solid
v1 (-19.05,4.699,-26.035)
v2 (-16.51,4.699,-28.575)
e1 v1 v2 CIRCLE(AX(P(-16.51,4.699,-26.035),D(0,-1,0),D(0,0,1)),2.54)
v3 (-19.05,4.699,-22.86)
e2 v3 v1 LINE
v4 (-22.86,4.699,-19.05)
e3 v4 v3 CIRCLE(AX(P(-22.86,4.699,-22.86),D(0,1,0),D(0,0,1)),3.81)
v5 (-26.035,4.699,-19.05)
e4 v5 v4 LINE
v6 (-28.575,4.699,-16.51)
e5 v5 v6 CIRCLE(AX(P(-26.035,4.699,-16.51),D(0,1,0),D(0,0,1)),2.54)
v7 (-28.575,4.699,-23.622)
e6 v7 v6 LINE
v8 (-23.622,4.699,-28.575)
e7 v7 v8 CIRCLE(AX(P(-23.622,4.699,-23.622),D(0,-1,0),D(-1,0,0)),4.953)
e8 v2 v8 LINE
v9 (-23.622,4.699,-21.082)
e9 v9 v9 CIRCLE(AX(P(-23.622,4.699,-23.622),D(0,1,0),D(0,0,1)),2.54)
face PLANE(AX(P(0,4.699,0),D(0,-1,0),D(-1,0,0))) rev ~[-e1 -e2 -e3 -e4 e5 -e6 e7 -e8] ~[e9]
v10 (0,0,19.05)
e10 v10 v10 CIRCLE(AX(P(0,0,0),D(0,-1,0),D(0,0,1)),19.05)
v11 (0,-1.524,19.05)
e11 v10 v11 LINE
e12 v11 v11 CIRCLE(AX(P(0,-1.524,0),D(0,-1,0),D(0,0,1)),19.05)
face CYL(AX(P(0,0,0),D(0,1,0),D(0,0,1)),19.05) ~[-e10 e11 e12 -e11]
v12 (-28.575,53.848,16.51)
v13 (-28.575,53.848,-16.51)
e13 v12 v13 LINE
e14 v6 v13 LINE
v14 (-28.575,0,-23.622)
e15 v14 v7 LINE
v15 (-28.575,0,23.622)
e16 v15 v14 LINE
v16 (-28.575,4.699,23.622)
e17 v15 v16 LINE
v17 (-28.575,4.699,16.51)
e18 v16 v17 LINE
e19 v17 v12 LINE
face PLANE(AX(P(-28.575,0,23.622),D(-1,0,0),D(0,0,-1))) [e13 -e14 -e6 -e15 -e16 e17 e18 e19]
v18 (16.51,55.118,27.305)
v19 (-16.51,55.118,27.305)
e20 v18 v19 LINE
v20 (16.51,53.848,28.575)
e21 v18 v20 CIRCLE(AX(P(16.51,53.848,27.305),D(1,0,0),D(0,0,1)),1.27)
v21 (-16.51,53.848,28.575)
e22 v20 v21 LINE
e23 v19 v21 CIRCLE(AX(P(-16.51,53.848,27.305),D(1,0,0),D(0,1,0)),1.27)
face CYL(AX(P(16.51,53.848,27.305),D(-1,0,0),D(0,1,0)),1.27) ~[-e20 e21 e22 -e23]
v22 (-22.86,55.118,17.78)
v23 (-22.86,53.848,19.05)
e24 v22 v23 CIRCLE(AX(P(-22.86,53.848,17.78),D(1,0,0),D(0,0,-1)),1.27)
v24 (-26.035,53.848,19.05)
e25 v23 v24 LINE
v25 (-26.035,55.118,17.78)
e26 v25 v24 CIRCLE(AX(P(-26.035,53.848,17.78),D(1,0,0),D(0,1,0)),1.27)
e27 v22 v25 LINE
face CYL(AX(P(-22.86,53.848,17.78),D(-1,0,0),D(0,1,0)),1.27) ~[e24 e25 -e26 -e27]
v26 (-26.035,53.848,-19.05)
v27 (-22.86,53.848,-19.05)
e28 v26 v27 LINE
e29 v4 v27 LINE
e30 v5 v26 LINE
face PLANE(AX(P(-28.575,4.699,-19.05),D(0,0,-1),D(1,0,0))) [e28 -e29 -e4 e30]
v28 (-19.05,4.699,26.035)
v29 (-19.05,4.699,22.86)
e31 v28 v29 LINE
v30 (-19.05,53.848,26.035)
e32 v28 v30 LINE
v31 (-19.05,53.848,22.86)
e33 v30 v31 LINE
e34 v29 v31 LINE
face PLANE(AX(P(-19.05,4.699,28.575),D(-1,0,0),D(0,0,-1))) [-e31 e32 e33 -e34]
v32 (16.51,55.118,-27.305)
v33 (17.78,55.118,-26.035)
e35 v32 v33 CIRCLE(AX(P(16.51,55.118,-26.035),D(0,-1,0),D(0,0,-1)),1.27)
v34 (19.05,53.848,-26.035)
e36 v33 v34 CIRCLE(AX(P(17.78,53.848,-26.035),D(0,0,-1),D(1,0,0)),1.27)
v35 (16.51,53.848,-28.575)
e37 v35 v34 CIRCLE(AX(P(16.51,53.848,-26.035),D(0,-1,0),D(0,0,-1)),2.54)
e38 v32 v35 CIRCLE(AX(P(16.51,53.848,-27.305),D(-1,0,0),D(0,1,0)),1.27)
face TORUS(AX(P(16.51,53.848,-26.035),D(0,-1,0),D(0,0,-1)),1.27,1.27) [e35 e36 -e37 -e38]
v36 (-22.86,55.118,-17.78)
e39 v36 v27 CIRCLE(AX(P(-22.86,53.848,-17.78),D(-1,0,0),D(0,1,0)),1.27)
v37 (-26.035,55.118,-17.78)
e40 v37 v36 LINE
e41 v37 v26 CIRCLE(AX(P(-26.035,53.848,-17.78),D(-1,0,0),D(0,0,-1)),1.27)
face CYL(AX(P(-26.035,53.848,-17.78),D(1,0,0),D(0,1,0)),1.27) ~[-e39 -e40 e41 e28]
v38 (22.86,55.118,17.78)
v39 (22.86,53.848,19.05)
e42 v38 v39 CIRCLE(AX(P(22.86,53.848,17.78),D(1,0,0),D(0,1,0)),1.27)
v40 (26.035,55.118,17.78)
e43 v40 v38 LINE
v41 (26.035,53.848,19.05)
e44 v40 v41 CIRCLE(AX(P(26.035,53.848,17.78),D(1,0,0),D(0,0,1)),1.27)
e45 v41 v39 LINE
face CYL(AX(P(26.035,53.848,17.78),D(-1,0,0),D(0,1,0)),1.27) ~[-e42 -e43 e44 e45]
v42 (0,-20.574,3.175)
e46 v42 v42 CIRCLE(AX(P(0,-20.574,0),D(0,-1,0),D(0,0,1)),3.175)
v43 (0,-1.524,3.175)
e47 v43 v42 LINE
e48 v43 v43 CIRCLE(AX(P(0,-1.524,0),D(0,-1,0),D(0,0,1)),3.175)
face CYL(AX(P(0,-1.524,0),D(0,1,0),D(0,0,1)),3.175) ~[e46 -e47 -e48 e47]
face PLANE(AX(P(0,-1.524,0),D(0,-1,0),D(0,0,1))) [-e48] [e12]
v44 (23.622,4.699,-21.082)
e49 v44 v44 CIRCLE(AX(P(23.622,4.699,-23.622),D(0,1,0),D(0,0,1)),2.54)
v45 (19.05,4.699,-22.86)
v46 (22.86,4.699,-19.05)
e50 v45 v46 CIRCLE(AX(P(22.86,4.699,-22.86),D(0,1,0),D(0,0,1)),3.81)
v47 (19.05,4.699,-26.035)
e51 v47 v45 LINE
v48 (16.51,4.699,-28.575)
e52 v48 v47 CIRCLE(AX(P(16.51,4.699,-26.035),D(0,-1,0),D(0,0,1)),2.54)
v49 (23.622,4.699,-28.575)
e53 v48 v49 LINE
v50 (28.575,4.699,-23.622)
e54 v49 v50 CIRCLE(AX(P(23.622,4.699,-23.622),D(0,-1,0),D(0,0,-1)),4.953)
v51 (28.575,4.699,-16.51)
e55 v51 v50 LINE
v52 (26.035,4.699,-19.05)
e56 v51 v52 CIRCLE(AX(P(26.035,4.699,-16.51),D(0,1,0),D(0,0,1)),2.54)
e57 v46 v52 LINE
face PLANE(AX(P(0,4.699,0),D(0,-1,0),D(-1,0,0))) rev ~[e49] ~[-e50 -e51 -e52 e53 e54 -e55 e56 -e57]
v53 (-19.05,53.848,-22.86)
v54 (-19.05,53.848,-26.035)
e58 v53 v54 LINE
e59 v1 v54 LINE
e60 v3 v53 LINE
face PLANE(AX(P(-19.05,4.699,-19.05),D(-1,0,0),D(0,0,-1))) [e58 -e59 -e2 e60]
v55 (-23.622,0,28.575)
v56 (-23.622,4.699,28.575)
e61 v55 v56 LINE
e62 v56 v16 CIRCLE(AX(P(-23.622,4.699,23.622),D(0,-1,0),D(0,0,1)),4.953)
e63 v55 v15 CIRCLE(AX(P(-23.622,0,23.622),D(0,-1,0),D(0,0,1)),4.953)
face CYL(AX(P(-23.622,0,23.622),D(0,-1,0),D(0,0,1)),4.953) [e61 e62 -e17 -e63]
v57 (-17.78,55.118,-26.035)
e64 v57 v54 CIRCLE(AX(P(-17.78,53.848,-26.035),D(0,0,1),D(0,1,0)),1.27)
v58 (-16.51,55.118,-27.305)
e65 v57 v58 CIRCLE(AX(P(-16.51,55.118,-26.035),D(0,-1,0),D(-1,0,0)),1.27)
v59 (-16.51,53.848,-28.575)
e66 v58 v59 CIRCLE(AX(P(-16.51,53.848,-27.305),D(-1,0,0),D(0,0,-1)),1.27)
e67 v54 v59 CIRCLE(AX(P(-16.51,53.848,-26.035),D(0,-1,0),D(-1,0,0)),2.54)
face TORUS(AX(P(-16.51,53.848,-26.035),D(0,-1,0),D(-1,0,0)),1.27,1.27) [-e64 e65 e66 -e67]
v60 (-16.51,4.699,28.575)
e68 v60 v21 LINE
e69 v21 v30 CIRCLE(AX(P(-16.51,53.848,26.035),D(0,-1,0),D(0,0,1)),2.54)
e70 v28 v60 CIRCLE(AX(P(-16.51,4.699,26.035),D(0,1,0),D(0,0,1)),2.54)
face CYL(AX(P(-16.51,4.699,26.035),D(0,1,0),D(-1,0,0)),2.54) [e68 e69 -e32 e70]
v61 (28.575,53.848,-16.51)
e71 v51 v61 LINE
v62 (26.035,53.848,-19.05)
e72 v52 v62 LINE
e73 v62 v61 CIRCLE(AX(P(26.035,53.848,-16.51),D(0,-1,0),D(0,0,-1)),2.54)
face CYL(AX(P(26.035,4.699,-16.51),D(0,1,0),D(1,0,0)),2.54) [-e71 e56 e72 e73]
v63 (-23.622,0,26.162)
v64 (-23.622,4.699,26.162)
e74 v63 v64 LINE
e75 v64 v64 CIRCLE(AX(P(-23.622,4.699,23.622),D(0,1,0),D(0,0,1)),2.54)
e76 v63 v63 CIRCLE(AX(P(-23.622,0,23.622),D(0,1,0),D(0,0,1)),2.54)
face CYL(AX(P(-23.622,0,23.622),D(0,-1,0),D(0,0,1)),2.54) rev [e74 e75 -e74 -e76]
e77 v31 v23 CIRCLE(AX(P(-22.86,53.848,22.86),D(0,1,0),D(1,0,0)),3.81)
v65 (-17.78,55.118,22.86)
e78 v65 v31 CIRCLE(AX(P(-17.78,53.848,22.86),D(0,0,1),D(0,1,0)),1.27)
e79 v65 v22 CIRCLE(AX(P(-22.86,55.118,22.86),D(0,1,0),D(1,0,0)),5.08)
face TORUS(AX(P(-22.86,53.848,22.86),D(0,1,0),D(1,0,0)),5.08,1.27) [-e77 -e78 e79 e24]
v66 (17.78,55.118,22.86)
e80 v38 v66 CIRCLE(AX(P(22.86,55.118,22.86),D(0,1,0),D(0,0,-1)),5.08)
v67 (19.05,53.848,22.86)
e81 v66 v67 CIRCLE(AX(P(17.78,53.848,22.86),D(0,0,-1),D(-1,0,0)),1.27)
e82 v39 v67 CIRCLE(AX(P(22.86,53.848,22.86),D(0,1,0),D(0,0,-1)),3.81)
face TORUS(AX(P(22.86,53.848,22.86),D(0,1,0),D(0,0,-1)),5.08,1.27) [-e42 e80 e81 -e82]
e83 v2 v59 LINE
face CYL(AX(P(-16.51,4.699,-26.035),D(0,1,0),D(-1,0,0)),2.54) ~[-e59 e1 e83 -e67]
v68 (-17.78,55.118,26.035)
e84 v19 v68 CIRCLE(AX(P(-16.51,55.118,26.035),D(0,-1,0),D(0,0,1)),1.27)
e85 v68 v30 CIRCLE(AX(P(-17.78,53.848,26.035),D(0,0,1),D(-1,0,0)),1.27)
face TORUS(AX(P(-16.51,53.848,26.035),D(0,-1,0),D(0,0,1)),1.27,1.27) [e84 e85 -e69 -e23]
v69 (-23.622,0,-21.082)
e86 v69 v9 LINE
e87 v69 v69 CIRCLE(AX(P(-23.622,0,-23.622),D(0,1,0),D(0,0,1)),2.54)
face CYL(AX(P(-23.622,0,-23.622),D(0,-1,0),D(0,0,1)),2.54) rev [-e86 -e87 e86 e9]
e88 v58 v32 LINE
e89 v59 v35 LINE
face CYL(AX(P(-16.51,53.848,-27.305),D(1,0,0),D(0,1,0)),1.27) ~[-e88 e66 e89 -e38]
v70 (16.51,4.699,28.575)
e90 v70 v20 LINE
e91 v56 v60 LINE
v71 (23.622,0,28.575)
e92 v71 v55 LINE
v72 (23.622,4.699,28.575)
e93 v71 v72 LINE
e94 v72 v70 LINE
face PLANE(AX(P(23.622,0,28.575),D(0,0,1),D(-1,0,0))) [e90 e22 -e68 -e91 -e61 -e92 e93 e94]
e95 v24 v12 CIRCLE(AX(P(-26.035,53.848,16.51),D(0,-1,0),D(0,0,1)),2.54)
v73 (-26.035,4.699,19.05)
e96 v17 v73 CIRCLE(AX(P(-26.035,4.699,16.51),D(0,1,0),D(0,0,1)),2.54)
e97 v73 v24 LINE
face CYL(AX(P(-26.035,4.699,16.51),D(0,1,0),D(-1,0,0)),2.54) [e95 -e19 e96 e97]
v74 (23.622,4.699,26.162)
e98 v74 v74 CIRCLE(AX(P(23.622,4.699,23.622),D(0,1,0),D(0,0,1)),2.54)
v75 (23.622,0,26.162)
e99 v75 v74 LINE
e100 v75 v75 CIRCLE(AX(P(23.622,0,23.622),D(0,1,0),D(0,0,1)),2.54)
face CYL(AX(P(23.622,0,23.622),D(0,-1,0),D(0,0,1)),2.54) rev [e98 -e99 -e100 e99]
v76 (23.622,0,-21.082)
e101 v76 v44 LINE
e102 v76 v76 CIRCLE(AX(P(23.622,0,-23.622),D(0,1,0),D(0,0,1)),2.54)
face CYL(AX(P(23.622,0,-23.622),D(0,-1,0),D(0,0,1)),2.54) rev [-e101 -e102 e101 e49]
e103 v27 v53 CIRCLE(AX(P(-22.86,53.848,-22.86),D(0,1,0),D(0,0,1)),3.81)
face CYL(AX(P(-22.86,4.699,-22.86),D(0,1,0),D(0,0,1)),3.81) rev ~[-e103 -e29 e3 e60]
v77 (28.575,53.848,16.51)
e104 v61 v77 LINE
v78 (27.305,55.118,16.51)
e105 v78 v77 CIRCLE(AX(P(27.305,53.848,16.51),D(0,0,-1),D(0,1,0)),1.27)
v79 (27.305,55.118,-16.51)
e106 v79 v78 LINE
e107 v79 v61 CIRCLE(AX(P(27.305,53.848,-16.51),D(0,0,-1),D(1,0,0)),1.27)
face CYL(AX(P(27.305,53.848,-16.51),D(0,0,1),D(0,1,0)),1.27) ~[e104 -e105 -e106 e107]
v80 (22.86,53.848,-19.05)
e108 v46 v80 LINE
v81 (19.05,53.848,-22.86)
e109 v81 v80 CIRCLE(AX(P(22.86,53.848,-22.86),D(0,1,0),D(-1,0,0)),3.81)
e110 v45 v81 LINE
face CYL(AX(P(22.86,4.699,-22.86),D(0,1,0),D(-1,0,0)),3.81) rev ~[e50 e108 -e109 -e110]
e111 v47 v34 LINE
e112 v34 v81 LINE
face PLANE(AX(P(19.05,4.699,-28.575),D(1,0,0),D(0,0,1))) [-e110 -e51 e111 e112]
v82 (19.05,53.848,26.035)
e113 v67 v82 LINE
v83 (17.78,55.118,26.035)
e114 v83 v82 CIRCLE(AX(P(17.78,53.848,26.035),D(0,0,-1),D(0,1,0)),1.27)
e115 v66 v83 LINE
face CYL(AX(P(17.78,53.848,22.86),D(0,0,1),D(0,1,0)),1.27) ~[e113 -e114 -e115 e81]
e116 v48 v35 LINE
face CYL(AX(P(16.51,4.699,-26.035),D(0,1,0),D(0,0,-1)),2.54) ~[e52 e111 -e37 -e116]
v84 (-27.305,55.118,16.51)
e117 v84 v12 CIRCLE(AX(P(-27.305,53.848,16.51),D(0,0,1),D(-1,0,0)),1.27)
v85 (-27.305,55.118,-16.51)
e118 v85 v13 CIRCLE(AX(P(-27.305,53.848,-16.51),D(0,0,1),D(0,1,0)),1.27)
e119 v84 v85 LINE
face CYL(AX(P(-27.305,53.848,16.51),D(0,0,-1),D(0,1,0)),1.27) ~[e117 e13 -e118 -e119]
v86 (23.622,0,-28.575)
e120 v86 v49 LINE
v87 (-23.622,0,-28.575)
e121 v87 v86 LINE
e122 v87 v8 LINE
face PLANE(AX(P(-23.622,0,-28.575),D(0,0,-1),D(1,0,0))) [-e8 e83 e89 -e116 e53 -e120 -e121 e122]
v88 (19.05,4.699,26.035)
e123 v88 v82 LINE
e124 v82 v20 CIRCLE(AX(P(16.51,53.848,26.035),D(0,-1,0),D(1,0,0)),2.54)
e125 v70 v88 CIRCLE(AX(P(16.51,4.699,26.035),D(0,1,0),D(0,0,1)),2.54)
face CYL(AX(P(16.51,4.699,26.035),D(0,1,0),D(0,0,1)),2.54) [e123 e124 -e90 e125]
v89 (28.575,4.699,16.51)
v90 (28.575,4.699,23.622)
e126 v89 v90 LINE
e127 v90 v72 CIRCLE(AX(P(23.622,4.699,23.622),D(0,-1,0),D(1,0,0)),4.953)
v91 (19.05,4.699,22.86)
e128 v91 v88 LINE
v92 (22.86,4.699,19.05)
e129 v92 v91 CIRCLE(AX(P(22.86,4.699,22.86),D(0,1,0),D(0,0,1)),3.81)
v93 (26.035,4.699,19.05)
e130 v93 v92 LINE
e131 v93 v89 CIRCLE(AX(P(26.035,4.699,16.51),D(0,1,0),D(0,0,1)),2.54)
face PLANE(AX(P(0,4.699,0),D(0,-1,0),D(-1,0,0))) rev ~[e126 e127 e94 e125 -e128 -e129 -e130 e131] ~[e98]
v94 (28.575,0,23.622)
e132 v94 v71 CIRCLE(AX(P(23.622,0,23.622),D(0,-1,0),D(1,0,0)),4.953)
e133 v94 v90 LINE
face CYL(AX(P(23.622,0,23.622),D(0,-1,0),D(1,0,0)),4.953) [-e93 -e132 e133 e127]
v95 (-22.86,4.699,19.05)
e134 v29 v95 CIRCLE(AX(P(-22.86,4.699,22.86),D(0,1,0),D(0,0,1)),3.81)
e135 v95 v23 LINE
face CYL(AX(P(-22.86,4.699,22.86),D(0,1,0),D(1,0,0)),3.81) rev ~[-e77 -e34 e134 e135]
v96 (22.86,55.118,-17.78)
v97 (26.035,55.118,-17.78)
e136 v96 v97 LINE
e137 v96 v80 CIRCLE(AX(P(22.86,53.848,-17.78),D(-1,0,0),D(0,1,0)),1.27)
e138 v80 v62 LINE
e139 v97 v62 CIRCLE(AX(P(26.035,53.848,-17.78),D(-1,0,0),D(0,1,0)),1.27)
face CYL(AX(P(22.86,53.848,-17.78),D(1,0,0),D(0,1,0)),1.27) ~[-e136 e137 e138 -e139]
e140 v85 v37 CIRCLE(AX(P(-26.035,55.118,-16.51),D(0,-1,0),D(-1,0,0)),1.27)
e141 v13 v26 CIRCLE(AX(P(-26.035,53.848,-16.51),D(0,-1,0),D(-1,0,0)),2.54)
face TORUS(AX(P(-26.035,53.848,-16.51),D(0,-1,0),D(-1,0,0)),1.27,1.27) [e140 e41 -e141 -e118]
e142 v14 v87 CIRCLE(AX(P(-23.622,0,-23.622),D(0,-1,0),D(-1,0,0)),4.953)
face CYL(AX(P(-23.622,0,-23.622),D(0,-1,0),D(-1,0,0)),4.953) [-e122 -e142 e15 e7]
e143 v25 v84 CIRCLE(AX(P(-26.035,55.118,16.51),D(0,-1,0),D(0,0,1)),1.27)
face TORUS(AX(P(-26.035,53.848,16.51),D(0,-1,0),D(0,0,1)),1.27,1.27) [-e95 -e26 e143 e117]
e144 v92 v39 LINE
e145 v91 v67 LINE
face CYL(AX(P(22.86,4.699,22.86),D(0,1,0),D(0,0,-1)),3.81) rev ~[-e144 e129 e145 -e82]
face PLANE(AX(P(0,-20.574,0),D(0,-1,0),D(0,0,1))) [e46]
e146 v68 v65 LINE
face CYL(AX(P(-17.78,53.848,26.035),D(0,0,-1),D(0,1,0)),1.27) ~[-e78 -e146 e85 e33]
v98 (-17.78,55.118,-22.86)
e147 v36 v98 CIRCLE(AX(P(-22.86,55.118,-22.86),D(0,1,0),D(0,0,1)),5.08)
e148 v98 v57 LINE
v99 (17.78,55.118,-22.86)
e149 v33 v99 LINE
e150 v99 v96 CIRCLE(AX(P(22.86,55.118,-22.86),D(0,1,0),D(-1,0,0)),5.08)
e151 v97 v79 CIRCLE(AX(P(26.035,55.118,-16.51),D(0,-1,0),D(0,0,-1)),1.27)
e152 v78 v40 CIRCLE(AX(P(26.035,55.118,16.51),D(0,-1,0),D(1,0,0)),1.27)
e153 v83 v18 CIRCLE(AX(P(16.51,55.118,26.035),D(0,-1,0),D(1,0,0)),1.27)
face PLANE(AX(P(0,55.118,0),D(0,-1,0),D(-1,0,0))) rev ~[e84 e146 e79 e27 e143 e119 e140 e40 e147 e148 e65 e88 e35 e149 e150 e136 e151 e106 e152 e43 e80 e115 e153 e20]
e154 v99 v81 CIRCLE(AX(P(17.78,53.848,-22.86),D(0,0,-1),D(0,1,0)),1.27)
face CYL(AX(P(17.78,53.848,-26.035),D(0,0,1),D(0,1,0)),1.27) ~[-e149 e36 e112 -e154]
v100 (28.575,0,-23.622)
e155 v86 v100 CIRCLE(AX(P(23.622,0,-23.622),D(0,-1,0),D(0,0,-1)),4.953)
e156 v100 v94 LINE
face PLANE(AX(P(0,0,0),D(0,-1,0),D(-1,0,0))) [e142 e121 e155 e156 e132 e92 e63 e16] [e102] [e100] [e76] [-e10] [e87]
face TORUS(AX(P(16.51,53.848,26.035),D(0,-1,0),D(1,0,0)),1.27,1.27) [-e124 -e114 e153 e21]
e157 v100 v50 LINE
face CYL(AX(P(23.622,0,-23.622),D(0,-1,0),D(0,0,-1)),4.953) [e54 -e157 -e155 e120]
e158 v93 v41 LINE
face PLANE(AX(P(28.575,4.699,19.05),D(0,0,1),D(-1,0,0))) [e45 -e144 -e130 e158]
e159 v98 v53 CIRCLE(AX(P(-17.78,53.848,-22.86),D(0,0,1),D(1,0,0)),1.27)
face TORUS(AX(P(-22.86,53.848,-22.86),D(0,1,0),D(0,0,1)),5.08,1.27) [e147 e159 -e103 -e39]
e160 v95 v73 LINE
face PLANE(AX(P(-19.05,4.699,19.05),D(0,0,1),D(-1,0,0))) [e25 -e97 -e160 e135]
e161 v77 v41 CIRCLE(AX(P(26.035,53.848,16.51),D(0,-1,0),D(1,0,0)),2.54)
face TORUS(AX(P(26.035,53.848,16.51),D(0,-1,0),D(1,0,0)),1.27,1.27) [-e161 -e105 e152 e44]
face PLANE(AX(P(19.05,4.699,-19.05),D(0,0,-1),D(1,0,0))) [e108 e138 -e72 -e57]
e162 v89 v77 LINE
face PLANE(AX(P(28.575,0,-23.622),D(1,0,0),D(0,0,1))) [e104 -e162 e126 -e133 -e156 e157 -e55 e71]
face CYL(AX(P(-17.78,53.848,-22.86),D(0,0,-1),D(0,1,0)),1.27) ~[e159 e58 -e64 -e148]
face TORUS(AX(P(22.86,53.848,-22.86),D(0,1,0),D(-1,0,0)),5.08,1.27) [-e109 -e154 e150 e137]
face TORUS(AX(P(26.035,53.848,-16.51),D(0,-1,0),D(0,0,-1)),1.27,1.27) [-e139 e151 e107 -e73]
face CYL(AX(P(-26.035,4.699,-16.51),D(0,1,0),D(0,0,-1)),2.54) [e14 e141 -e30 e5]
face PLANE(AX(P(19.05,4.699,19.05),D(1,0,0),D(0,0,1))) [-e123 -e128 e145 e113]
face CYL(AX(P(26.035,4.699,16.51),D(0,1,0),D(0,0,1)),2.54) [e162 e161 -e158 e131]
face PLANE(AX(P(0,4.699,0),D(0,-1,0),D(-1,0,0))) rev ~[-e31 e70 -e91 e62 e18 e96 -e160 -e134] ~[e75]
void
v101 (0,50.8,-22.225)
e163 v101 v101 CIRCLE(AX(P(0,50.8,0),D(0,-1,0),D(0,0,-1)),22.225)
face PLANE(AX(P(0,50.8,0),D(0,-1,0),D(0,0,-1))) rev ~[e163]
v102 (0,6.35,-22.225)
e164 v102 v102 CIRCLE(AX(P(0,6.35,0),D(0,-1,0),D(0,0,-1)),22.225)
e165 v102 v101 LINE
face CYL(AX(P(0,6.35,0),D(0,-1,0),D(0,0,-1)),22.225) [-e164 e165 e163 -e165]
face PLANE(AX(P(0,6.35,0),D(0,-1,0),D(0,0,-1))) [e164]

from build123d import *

# Parameters (mm, degrees)
SKETCH1_R           = 2.54
BOSS_EXTRUDE1_DEPTH = 4.699
BOSS_EXTRUDE2_DEPTH = 50.419
FILLET1_R           = 3.81
FILLET2_R           = 2.54
FILLET3_R           = 1.27
SKETCH3_R           = 19.05
BOSS_EXTRUDE3_DEPTH = 1.524
CUT_EXTRUDE1_START  = -6.35
SKETCH5_R           = 22.225
CUT_EXTRUDE1_DEPTH  = 44.45
SKETCH4_R           = 3.175
BOSS_EXTRUDE4_DEPTH = 19.05


with BuildPart() as part:
    # Sketch1 → Boss-Extrude1 (new body)
    with BuildSketch(Plane(origin=(0, 0, 0), x_dir=(1, 0, 0), z_dir=(0, 1, 0))):
        with BuildLine():
            Line((-23.622, 28.575), (23.622, 28.575))
            ThreePointArc((23.622, 28.575), (27.124299887, 27.124299887), (28.575, 23.622))
            Line((28.575, 23.622), (28.575, -23.622))
            ThreePointArc((28.575, -23.622), (27.124299887, -27.124299887), (23.622, -28.575))
            Line((23.622, -28.575), (-23.622, -28.575))
            ThreePointArc((-23.622, -28.575), (-27.124299887, -27.124299887), (-28.575, -23.622))
            Line((-28.575, -23.622), (-28.575, 23.622))
            ThreePointArc((-28.575, 23.622), (-27.124299887, 27.124299887), (-23.622, 28.575))
        make_face()
        with Locations(Location((-23.622, 23.622, 0), (0, 0, 270))):
            Circle(SKETCH1_R, mode=Mode.SUBTRACT)
        with Locations(Location((23.622, 23.622, 0), (0, 0, 270))):
            Circle(SKETCH1_R, mode=Mode.SUBTRACT)
        with Locations(Location((23.622, -23.622, 0), (0, 0, 270))):
            Circle(SKETCH1_R, mode=Mode.SUBTRACT)
        with Locations(Location((-23.622, -23.622, 0), (0, 0, 270))):
            Circle(SKETCH1_R, mode=Mode.SUBTRACT)
    extrude(amount=BOSS_EXTRUDE1_DEPTH)

    # Sketch2 → Boss-Extrude2 (add)
    with BuildSketch(Plane(origin=(0, 4.699, 0), x_dir=(1, 0, 0), z_dir=(0, 1, 0))):
        Polygon((-19.05, -28.575), (-19.05, -19.05), (-28.575, -19.05), (-28.575, 19.05), (-19.05, 19.05), (-19.05, 28.575), (19.05, 28.575), (19.05, 19.05), (28.575, 19.05), (28.575, -19.05), (19.05, -19.05), (19.05, -28.575), align=None)
    extrude(amount=BOSS_EXTRUDE2_DEPTH)

    # Fillet1
    fillet1_edges = [part.edges().sort_by_distance(p)[0] for p in [
        (-19.05, 29.9085, 19.05),
        (-19.05, 29.9085, -19.05),
        (19.05, 29.9085, -19.05),
        (19.05, 29.9085, 19.05),
    ]]
    fillet(fillet1_edges, radius=FILLET1_R)

    # Fillet2
    fillet2_edges = [part.edges().sort_by_distance(p)[0] for p in [
        (28.575, 29.9085, -19.05),
        (19.05, 29.9085, -28.575),
        (28.575, 29.9085, 19.05),
        (-19.05, 29.9085, -28.575),
        (-28.575, 29.9085, -19.05),
        (-19.05, 29.9085, 28.575),
        (-28.575, 29.9085, 19.05),
        (19.05, 29.9085, 28.575),
    ]]
    fillet(fillet2_edges, radius=FILLET2_R)

    # Fillet3
    fillet3_edges = [part.edges().sort_by_distance(p)[0] for p in [
        (24.4475, 55.118, -19.05),
        (28.575, 55.118, 0),
        (0, 55.118, 28.575),
        (19.05, 55.118, 24.4475),
        (0, 55.118, -28.575),
        (-19.05, 55.118, -24.4475),
        (-28.575, 55.118, 0),
        (-24.4475, 55.118, 19.05),
        (18.306051224, 55.118, 27.831051224),
        (-27.831051224, 55.118, 18.306051224),
        (-18.306051224, 55.118, 27.831051224),
        (-27.831051224, 55.118, -18.306051224),
        (-18.306051224, 55.118, -27.831051224),
        (27.831051224, 55.118, 18.306051224),
        (18.306051224, 55.118, -27.831051224),
        (27.831051224, 55.118, -18.306051224),
        (-19.05, 55.118, 24.4475),
        (-24.4475, 55.118, -19.05),
        (19.05, 55.118, -24.4475),
        (24.4475, 55.118, 19.05),
        (-20.165923164, 55.118, 20.165923164),
        (-20.165923164, 55.118, -20.165923164),
        (20.165923164, 55.118, -20.165923164),
        (20.165923164, 55.118, 20.165923164),
    ]]
    fillet(fillet3_edges, radius=FILLET3_R)

    # Sketch3 → Boss-Extrude3 (add)
    with BuildSketch(Plane.XZ):
        with Locations(Location((0, 0, 0), (0, 0, 90))):
            Circle(SKETCH3_R)
    extrude(amount=BOSS_EXTRUDE3_DEPTH)

    # Sketch5 → Cut-Extrude1 (cut)
    with BuildSketch(Plane.XZ.offset(CUT_EXTRUDE1_START)):
        with Locations(Location((0, 0, 0), (0, 0, 270))):
            Circle(SKETCH5_R)
    extrude(amount=-CUT_EXTRUDE1_DEPTH, mode=Mode.SUBTRACT)

    # Sketch4 → Boss-Extrude4 (add)
    with BuildSketch(Plane.XZ.offset(1.524)):
        with Locations(Location((0, 0, 0), (0, 0, 90))):
            Circle(SKETCH4_R)
    extrude(amount=BOSS_EXTRUDE4_DEPTH)


solid = part.part
